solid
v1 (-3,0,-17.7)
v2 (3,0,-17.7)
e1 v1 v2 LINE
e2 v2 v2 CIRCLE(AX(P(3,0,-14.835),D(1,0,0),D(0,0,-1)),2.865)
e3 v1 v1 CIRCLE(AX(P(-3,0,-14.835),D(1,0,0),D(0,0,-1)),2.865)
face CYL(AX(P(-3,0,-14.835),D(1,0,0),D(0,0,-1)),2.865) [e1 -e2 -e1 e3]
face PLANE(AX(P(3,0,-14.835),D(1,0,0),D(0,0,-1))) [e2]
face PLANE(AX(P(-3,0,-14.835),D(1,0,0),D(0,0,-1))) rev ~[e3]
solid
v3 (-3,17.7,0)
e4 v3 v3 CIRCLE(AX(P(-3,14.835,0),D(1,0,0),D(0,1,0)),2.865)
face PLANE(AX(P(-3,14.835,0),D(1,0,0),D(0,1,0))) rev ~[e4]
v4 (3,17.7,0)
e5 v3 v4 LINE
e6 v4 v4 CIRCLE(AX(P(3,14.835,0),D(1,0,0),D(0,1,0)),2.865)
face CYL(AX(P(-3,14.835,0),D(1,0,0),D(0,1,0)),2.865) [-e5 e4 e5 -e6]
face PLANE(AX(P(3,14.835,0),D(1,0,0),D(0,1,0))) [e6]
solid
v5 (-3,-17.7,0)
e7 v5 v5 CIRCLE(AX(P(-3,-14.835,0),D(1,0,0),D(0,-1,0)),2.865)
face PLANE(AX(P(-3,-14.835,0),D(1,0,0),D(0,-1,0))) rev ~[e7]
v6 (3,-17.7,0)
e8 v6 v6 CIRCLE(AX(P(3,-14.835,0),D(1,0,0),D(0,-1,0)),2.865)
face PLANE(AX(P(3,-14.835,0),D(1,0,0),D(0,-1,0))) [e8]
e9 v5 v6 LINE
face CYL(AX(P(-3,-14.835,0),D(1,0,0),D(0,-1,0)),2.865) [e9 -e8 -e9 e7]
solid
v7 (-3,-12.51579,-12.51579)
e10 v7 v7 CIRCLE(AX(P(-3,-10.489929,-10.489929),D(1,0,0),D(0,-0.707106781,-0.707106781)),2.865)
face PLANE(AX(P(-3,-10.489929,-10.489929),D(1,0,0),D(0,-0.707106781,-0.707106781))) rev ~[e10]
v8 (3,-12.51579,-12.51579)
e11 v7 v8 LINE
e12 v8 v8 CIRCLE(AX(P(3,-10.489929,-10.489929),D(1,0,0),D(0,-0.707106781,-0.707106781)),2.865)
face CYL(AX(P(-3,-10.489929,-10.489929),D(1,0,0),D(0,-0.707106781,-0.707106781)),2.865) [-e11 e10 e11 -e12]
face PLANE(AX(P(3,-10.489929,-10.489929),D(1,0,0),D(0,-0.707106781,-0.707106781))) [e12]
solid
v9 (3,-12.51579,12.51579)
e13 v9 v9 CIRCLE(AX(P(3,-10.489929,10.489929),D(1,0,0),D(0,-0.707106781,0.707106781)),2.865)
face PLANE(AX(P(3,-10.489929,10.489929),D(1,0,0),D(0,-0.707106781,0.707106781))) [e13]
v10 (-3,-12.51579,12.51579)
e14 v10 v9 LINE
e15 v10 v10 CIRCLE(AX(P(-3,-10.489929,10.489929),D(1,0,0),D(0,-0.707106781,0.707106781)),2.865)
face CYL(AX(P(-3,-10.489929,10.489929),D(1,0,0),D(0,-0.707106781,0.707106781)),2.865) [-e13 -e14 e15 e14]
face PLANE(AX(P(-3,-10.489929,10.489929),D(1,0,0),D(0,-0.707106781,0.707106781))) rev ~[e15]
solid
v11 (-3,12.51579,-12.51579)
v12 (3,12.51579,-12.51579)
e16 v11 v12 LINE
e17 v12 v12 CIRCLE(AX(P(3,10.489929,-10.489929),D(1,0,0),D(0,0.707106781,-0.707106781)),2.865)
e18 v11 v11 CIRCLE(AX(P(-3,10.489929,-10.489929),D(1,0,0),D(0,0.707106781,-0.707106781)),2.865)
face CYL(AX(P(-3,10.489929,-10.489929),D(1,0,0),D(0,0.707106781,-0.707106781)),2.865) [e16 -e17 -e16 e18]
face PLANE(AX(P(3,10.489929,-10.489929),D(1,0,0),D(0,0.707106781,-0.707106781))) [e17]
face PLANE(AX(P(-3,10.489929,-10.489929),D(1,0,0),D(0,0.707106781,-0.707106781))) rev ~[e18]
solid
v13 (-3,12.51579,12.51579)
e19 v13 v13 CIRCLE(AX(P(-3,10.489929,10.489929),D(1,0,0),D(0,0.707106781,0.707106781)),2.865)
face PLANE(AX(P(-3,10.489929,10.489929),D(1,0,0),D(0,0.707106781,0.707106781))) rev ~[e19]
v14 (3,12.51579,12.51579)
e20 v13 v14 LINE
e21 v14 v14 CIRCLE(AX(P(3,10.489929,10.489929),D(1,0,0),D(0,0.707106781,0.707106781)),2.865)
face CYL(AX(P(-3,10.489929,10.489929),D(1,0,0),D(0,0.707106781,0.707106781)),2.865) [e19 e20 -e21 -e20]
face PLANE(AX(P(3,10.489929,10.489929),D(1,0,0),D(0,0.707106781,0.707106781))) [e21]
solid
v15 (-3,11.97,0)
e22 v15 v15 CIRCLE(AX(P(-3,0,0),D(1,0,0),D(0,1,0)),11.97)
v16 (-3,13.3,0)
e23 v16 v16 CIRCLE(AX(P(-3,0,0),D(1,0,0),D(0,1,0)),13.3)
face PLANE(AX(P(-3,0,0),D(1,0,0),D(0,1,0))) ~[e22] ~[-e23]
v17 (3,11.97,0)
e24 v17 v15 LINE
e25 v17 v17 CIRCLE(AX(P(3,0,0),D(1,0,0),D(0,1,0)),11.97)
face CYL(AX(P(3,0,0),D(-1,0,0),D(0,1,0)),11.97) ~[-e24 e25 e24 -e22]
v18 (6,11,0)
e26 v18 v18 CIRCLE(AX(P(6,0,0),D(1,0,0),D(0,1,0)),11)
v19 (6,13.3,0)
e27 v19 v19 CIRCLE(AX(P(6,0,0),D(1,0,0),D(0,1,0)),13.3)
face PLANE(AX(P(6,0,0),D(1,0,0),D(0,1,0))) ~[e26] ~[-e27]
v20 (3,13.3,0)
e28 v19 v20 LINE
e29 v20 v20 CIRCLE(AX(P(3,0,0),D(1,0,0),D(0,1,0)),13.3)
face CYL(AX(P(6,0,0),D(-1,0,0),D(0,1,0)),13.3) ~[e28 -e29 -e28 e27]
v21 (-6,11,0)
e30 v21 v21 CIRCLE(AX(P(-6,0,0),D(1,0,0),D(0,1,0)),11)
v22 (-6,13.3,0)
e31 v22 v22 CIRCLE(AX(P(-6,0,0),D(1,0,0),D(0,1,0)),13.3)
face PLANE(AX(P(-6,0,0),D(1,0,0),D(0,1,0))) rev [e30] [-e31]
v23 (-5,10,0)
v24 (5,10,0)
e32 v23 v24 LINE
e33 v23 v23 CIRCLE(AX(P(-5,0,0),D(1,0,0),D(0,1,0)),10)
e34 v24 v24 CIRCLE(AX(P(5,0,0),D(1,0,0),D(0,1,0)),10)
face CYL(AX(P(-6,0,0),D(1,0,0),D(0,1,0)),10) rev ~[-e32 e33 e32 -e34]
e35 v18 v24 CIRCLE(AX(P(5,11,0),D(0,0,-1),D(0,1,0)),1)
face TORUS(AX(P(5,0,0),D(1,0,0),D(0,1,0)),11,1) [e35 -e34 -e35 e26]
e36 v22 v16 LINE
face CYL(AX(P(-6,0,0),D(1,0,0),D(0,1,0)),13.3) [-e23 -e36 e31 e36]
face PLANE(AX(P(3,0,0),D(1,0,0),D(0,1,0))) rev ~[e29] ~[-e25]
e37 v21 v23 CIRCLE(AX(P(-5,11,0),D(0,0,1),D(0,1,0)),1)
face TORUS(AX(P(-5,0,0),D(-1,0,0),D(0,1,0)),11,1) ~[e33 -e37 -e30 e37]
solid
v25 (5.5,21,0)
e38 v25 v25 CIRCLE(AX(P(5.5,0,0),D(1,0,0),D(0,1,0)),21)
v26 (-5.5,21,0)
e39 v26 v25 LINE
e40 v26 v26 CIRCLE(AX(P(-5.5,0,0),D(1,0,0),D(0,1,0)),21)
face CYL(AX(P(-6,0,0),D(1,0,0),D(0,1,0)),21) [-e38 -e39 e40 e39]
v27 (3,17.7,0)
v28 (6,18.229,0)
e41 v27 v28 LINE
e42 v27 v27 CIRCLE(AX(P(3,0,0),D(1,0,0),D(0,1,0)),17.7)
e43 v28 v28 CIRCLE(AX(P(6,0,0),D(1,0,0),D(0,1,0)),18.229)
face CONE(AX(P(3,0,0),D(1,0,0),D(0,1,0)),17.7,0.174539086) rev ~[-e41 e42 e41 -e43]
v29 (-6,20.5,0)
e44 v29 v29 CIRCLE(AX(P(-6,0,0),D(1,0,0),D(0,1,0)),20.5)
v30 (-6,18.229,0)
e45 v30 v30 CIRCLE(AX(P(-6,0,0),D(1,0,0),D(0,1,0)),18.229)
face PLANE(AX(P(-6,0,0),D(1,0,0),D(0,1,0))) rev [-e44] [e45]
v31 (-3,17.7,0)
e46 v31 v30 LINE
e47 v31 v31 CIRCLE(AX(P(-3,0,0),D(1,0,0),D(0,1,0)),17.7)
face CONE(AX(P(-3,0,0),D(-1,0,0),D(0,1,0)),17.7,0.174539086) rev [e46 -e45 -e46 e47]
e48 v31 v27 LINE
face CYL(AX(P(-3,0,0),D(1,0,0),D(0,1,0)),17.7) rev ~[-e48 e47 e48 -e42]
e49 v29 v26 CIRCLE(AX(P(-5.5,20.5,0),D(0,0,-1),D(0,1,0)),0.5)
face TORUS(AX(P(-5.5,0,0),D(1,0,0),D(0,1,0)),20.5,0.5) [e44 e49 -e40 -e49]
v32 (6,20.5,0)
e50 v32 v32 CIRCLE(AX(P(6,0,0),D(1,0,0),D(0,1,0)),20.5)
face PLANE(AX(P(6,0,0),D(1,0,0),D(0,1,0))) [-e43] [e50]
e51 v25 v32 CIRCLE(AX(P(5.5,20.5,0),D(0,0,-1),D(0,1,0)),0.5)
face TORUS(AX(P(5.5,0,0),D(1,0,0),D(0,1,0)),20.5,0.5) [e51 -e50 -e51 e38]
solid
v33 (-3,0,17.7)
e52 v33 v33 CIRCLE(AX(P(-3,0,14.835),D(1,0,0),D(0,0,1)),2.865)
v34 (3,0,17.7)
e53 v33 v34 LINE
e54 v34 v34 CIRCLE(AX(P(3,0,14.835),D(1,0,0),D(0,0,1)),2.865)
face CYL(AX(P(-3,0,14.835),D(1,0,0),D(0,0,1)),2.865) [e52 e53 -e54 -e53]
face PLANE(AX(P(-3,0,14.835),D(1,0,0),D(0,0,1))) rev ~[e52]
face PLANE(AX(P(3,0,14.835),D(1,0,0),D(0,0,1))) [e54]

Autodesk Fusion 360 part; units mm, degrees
sketch "Sketch1" plane through (0, 0, 0) normal (0, 0, 1) x (1, 0, 0)
  line L0 (-124.2305, 0) -> (125.7695, 0)
  line L1 (-6, 10) -> (6, 10)
  line L2 (-6, 10) -> (-6, 13.3)
  line L3 (-6, 13.3) -> (-3, 13.3)
  line L4 (6, 10) -> (6, 13.3)
  line L5 (6, 13.3) -> (3, 13.3)
  line L6 (3, 13.3) -> (3, 11.97)
  line L7 (3, 11.97) -> (-3, 11.97)
  line L8 (-3, 11.97) -> (-3, 13.3)
  line L9 (-3, 17.7) -> (3, 17.7)
  line L10 (3, 17.7) -> (6, 18.229)
  line L11 (-3, 17.7) -> (-6, 18.229)
  line L12 (-6, 18.229) -> (-6, 21)
  line L13 (-6, 21) -> (6, 21)
  line L14 (6, 21) -> (6, 18.229)
  line L15 (-3, 17.7) -> (-3, 13.3)
  line L16 (3, 17.7) -> (3, 13.3)
  line L17 (-3, 14.835) -> (3, 14.835)
  line L18 (0, 11.97) -> (0, 17.7) construction
  point P0 (0, 11.97)
  point P1 (0, 14.835)
  point P2 (3, 14.835)
  dimension "d37" = 12
  dimension "d38" = 20
  dimension "d39" = 3
  dimension "d40" = 23.94
  dimension "d41" = 26.6
  dimension "d42" = 35.4
  dimension "d43" = 10
  dimension "d44" = 10
  dimension "d45" = 42
revolve "Revolve3" add sketch "Sketch1" angle 360 about axis through (-124.2305, 0, 0) along (1, 0, 0) contours L1 L2 L3 L4 L5 L6 L7 L8 | L9 L10 L11 L12 L13 L14 makes body 1 at (2, 9.9503, -0.9957) makes body 2 at (2, 20.8956, -2.0909)
revolve "Revolve4" add sketch "Sketch1" angle 360 about axis through (-3, 14.835, 0) along (1, 0, 0) separate body contours L9 L15 L16 L17 makes body 3
pattern_circular "C-Pattern2" count 8 over 360 about axis through (-6, 0, 0) along (1, 0, 0) of bodies 3 makes body 4 at (1, 12.7074, 12.304) makes body 5 at (-1, 0.1428, 17.6964) makes body 6 at (1, -12.304, 12.7074) makes body 7 at (-1, -17.6964, 0.1428) makes body 8 at (-1, -12.6142, -12.4123) makes body 9 at (-1, -0.1428, -17.6964) makes body 10 at (1, 12.304, -12.7074)
fillet "Fillet3" radius 1 2 edges at (6, -3.6162, 9.3233) (-6, -3.6162, 9.3233) on bodies 1
fillet "Fillet4" radius 0.5 2 edges at (6, -7.5939, 19.5789) (-6, -7.5939, 19.5789) on bodies 2
equation "d = 20 mm"
equation "D = 42 mm"
equation "B = 12 mm"
equation "_r = 1 mm"
equation "_r1 = 0.5 mm"
equation "ADA = B * 0.25"
equation "BID1 = d + ( D - d ) / 3.333333"
equation "KAD1 = BID1 + 1.33333 * ( D - d ) / 3.3333333"
equation "KID1 = BID1 / 1.1111111111"
equation "d37 = B"
equation "d38 = d"
equation "d39 = ADA"
equation "d40 = KID1"
equation "d41 = BID1"
equation "d42 = KAD1"
equation "d45 = D"
equation "CylCount = round(PI * ( KID1 + 0.5 * ( KAD1 - KID1 ) ) / ( ( KAD1 - KID1 ) / 2 ) / 2)"
equation "d52 = CylCount"
equation "d55 = _r"
equation "d57 = _r1"
